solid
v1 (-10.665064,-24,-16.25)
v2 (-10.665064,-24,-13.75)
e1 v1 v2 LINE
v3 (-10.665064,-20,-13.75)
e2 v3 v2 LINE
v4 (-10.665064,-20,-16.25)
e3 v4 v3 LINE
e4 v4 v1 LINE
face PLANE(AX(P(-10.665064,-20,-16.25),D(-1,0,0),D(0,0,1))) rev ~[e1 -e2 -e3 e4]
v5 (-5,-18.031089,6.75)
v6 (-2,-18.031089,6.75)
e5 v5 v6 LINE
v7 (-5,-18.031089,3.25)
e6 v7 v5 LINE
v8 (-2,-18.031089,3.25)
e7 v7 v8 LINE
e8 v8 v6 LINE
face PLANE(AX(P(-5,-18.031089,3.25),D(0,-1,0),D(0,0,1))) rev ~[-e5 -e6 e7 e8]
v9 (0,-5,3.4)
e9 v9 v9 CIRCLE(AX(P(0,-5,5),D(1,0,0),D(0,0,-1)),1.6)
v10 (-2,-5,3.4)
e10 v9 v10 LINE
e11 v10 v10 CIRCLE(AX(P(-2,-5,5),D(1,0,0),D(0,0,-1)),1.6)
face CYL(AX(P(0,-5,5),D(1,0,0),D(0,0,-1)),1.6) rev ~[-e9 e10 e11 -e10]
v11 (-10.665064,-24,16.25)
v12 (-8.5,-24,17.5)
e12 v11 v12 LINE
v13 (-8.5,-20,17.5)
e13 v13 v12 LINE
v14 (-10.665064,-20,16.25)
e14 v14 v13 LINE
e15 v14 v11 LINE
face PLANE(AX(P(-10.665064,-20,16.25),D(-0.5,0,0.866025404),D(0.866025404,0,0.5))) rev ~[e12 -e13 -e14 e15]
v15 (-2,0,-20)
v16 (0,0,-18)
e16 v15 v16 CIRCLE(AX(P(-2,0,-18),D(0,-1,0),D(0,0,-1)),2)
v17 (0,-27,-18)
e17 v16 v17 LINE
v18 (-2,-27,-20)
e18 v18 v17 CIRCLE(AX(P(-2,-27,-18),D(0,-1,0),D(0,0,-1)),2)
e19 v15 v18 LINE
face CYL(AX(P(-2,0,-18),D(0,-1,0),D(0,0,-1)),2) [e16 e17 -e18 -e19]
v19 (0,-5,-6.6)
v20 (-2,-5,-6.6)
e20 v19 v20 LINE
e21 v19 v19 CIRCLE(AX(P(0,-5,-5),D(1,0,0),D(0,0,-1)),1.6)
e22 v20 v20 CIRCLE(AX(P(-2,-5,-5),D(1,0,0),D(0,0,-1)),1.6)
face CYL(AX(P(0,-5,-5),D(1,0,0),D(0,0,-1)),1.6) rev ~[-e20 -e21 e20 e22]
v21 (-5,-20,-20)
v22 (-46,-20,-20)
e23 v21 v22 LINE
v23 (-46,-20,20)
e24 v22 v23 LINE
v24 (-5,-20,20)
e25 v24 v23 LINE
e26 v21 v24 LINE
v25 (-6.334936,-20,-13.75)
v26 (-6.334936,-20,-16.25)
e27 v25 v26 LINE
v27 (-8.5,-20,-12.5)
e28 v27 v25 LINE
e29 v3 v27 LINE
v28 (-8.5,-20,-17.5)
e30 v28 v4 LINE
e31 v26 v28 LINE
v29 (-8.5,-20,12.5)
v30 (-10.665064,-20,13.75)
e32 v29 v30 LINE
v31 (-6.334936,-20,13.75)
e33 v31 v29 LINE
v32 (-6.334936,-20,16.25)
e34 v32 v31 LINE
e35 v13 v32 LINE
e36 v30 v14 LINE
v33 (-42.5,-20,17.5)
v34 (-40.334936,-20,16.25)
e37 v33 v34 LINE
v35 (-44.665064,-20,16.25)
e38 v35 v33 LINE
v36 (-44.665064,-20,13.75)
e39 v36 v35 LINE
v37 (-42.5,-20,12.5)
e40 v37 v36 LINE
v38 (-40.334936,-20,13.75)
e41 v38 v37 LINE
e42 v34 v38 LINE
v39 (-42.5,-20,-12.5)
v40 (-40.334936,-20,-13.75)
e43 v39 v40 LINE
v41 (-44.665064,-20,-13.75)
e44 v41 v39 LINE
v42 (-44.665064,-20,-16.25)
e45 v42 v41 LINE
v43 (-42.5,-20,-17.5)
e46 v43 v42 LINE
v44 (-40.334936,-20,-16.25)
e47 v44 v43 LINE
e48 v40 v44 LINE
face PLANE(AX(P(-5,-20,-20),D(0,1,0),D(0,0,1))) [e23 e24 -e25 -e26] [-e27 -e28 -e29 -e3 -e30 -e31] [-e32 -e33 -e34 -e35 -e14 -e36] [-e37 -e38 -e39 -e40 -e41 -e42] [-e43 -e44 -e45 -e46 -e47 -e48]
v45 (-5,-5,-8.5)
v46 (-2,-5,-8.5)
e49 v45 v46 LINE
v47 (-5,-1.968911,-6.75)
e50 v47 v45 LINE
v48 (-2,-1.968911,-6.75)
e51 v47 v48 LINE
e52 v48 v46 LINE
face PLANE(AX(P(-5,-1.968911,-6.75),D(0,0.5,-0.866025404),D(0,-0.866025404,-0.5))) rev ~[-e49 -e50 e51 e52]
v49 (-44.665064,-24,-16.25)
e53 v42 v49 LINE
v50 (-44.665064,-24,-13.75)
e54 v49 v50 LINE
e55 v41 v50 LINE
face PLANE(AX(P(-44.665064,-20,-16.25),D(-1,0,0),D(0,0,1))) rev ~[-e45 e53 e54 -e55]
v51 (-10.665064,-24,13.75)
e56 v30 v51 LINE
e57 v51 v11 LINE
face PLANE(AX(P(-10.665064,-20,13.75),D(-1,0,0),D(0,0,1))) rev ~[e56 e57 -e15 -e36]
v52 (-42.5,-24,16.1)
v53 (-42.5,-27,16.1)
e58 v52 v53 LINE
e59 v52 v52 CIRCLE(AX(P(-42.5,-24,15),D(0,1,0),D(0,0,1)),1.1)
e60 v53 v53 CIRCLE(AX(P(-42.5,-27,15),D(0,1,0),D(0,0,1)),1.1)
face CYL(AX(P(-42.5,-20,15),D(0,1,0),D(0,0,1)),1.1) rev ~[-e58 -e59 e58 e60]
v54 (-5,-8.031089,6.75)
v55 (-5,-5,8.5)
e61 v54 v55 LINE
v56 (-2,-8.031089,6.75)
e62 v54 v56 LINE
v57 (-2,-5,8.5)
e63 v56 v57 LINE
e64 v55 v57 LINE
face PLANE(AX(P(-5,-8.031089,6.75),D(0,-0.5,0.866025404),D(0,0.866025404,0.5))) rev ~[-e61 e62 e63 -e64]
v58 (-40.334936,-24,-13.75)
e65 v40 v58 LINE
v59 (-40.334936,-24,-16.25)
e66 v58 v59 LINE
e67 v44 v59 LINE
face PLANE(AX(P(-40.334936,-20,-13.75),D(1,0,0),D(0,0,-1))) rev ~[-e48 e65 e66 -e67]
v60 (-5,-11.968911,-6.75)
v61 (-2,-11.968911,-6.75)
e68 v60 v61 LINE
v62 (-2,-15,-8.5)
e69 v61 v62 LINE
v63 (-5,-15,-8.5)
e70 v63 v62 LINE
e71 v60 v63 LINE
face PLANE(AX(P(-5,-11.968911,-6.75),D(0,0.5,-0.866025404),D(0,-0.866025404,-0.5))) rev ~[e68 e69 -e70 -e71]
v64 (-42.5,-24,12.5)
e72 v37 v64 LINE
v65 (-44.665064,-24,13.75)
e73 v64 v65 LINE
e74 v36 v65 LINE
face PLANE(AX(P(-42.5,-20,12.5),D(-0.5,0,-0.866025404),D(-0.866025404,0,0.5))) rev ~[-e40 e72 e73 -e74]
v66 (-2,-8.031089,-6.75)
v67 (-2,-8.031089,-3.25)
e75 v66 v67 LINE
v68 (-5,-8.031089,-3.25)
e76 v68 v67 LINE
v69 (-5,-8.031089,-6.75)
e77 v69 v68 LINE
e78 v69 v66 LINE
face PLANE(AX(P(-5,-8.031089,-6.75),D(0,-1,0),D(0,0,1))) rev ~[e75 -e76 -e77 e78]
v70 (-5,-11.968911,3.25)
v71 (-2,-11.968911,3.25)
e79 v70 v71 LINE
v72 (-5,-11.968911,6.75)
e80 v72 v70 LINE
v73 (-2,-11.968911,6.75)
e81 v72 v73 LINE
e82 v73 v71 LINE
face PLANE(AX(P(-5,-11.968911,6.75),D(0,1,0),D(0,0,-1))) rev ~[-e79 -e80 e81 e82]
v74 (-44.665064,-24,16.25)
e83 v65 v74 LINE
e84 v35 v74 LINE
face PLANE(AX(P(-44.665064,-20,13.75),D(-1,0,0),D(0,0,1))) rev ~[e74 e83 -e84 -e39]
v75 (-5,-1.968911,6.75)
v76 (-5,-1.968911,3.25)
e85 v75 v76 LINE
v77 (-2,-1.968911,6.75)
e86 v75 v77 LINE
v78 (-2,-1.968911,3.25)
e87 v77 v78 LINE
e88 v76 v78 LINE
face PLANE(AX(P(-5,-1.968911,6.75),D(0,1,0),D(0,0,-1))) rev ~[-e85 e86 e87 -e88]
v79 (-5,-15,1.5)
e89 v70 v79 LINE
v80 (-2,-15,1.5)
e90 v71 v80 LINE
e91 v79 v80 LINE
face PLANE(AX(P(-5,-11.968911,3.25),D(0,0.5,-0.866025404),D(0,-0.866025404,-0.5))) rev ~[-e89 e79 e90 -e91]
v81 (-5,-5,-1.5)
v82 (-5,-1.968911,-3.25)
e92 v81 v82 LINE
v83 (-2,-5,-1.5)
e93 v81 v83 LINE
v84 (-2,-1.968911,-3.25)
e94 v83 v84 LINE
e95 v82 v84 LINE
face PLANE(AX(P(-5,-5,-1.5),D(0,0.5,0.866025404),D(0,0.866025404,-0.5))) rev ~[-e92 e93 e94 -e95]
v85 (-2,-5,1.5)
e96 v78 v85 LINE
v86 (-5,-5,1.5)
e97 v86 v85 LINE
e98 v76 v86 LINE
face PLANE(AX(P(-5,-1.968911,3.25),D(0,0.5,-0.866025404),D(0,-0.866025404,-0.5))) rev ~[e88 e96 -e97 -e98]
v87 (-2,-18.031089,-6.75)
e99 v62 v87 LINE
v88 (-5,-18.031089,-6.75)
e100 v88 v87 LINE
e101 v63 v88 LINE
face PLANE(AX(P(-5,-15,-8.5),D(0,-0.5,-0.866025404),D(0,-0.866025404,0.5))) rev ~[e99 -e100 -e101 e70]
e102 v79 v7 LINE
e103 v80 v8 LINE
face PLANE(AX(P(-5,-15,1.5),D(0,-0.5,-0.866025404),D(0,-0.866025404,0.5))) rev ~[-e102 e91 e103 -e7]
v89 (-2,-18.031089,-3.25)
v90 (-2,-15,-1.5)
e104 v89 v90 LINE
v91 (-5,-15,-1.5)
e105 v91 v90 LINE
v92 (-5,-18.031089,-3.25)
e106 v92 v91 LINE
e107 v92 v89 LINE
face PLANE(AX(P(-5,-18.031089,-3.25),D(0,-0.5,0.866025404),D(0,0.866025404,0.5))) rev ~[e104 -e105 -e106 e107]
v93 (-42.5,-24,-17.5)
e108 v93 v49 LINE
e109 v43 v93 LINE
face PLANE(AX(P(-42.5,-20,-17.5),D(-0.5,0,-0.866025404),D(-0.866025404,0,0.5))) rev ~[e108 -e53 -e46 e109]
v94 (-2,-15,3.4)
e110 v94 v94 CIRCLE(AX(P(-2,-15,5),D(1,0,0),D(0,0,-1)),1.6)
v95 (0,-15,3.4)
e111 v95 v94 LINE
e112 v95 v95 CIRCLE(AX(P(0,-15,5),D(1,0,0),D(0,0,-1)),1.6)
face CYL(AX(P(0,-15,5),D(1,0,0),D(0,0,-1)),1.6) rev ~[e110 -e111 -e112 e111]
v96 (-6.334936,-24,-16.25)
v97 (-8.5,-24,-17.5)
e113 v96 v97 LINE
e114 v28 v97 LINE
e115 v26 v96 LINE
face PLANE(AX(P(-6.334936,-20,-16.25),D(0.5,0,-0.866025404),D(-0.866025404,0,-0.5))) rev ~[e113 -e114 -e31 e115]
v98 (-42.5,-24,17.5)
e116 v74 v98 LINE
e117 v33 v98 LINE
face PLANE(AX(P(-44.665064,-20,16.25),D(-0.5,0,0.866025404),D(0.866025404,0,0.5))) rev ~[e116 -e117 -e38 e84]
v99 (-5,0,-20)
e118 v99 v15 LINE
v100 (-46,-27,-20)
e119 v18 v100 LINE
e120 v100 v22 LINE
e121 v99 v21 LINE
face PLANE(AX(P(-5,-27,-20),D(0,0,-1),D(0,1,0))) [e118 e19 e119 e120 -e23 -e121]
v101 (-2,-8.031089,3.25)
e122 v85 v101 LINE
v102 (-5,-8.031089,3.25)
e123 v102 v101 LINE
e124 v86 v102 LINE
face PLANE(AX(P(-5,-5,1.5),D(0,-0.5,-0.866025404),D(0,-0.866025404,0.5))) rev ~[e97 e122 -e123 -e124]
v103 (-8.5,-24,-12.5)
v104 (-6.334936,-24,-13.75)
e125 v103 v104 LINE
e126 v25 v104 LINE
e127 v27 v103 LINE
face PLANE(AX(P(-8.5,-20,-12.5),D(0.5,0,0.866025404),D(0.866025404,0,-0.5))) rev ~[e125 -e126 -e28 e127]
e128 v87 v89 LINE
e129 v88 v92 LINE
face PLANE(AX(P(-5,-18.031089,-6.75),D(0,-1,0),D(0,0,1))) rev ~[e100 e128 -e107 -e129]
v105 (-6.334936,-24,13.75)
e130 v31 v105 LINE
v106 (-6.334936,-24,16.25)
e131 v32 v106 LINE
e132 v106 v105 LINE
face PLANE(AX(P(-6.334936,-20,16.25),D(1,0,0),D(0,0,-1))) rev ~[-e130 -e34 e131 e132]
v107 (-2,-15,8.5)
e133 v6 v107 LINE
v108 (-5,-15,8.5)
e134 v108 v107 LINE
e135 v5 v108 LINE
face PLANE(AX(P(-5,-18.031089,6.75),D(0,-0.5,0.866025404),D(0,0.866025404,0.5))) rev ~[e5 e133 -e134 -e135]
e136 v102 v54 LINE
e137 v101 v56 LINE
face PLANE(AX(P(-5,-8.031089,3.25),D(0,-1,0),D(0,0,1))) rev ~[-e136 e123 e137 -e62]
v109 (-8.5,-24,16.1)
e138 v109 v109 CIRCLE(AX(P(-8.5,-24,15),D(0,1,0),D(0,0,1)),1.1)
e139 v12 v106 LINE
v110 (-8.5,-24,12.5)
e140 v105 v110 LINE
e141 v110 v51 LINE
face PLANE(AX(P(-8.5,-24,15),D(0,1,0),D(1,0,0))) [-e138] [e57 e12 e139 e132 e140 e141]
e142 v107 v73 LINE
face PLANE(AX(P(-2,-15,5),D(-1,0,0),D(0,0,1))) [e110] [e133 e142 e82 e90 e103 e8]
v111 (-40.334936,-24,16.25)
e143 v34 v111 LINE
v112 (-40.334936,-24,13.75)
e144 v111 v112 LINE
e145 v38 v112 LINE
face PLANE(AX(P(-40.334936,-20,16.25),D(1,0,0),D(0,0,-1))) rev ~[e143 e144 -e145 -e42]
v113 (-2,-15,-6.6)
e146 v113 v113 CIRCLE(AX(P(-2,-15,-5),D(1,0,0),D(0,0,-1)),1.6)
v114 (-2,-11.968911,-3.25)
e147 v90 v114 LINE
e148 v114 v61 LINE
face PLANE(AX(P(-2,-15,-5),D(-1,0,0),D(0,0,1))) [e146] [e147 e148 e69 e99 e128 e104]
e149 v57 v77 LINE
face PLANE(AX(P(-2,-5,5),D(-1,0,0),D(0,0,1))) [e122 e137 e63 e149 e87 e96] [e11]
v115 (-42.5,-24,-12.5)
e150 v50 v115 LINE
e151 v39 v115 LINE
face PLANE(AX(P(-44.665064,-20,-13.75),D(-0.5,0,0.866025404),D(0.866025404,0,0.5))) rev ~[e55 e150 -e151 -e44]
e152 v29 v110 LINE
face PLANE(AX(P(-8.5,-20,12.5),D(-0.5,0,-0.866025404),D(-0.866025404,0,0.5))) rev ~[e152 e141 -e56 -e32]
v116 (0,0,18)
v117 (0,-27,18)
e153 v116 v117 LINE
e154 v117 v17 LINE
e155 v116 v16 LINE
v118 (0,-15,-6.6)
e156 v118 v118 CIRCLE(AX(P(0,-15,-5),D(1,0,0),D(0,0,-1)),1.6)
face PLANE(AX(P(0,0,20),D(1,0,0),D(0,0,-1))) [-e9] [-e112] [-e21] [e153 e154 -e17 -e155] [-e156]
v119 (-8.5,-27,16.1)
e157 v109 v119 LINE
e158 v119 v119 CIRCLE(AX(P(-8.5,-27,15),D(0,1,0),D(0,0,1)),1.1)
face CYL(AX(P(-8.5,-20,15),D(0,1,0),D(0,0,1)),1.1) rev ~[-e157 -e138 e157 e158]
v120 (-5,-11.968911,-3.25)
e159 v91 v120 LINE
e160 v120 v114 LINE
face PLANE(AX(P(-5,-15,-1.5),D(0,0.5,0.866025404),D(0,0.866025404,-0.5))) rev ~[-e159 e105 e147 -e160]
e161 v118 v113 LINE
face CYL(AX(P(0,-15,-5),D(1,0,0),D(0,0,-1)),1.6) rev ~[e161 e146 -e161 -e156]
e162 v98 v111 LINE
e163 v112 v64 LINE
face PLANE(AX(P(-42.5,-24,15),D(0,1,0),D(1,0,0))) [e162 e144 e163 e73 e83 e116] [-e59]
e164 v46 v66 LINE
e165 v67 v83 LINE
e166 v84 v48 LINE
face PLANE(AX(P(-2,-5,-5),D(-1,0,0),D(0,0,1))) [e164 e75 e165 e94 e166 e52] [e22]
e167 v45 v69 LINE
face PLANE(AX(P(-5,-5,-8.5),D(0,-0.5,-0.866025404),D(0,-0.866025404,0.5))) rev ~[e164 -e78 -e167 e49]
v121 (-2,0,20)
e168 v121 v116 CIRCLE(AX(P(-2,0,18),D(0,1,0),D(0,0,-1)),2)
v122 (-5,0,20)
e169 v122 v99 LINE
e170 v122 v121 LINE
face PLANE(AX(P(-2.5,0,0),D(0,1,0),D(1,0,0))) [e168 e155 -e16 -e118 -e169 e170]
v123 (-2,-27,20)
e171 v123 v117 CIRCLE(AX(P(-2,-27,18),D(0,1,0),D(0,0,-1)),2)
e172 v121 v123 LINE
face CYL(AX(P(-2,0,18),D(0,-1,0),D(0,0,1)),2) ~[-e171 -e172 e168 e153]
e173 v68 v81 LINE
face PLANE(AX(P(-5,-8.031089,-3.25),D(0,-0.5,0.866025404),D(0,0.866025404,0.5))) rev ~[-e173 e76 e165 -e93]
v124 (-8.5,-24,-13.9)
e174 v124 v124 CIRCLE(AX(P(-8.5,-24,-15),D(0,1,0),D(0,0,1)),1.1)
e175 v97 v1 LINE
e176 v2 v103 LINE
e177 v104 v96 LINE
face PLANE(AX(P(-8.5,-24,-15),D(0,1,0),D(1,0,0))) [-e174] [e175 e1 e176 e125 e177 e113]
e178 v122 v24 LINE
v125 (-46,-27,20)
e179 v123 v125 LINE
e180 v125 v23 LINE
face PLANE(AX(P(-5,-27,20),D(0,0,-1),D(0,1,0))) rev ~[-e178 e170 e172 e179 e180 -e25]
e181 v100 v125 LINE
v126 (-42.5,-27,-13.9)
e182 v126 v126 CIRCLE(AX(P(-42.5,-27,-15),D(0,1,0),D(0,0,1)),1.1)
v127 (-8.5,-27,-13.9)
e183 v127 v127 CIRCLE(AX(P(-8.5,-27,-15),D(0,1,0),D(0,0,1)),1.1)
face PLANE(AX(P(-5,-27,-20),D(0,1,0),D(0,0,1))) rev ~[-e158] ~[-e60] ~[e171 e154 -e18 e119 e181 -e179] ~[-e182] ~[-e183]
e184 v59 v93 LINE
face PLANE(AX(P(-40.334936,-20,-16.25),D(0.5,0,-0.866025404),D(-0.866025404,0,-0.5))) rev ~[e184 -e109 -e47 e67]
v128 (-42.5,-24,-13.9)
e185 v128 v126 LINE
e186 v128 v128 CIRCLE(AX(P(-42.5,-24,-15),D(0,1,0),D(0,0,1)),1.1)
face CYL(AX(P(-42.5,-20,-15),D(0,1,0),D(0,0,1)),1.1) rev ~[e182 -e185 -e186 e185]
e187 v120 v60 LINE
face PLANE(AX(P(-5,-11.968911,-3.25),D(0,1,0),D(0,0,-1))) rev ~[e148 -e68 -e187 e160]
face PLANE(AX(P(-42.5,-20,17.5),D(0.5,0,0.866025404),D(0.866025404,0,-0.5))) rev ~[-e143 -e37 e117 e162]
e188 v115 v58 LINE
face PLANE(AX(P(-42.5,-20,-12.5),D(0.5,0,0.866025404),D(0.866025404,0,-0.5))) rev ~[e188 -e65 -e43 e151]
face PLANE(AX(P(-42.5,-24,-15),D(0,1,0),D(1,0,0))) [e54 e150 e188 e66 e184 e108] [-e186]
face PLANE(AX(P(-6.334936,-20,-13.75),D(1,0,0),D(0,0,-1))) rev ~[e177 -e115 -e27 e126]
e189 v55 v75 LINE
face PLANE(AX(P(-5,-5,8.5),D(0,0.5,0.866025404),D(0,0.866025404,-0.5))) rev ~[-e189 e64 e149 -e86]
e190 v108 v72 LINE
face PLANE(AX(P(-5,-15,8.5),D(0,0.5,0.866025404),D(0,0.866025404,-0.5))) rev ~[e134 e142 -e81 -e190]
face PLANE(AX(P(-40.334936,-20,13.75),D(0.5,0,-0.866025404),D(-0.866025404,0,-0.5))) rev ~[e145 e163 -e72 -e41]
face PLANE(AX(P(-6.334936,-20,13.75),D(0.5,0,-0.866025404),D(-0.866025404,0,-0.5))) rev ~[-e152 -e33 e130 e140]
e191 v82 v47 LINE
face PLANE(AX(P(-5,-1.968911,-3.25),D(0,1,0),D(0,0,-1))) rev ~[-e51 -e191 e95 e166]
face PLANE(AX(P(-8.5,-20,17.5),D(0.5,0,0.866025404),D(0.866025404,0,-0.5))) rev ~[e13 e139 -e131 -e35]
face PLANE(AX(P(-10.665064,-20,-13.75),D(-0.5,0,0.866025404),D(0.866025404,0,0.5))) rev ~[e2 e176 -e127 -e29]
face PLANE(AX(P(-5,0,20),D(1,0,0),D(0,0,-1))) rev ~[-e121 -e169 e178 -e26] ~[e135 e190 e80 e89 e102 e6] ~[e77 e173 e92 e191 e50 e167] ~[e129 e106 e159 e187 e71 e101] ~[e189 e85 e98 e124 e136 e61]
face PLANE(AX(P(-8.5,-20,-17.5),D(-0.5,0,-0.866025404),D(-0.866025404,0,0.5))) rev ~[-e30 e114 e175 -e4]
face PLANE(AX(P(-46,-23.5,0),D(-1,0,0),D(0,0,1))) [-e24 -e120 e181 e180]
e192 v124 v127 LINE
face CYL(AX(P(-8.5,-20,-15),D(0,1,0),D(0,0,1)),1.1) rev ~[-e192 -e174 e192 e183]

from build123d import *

# Parameters (mm, degrees)
ESQUISSE1_W             = 5
ESQUISSE1_H             = 40
BOSS_EXTRU_1_DEPTH      = 27
ESQUISSE2_W             = 40
ESQUISSE2_H             = 7
BOSS_EXTRU_2_DEPTH      = 41
CONG_1_R                = 2
ENL_V_MAT_EXTRU_1_REACH = 48
ESQUISSE4_R             = 1.6
ENL_V_MAT_EXTRU_3_DEPTH = 3
ESQUISSE9_R             = 1.1
ENL_V_MAT_EXTRU_5_DEPTH = 8
ENL_V_MAT_EXTRU_4_DEPTH = 4


with BuildPart() as part:
    # Esquisse1 → Boss.-Extru.1 (new body)
    with BuildSketch(Plane(origin=(0, 0, 0), x_dir=(1, 0, 0), z_dir=(0, 1, 0))):
        with Locations((-2.5, 0)):
            Rectangle(ESQUISSE1_W, ESQUISSE1_H)
    extrude(amount=-BOSS_EXTRU_1_DEPTH)

    # Esquisse2 → Boss.-Extru.2 (add)
    with BuildSketch(Plane.ZY.offset(5)):
        with Locations((0, -23.5)):
            Rectangle(ESQUISSE2_W, ESQUISSE2_H)
    extrude(amount=BOSS_EXTRU_2_DEPTH)

    # Congé1
    cong_1_edges = [part.edges().sort_by_distance(p)[0] for p in [
        (0, -13.5, 20),
        (0, -13.5, -20),
    ]]
    fillet(cong_1_edges, radius=CONG_1_R)

    # Esquisse4 → Enlèv. mat.-Extru.1 (cut, up to next)
    with BuildSketch(Plane(origin=(0, 0, 0), x_dir=(0, 0, -1), z_dir=(1, 0, 0)), mode=Mode.PRIVATE) as enl_v_mat_extru_1_sk1:
        with Locations((-5, -5)):
            Circle(ESQUISSE4_R)
    enl_v_mat_extru_1_tool1 = extrude(enl_v_mat_extru_1_sk1.sketch, amount=-ENL_V_MAT_EXTRU_1_REACH, mode=Mode.PRIVATE) & part.part
    add(enl_v_mat_extru_1_tool1.solids().sort_by_distance((0, -5, 5))[0], mode=Mode.SUBTRACT)
    # Esquisse4 → Enlèv. mat.-Extru.1 (cut, up to next)
    with BuildSketch(Plane(origin=(0, 0, 0), x_dir=(0, 0, -1), z_dir=(1, 0, 0)), mode=Mode.PRIVATE) as enl_v_mat_extru_1_sk2:
        with Locations((5, -5)):
            Circle(ESQUISSE4_R)
    enl_v_mat_extru_1_tool2 = extrude(enl_v_mat_extru_1_sk2.sketch, amount=-ENL_V_MAT_EXTRU_1_REACH, mode=Mode.PRIVATE) & part.part
    add(enl_v_mat_extru_1_tool2.solids().sort_by_distance((0, -5, -5))[0], mode=Mode.SUBTRACT)
    # Esquisse4 → Enlèv. mat.-Extru.1 (cut, up to next)
    with BuildSketch(Plane(origin=(0, 0, 0), x_dir=(0, 0, -1), z_dir=(1, 0, 0)), mode=Mode.PRIVATE) as enl_v_mat_extru_1_sk3:
        with Locations((-5, -15)):
            Circle(ESQUISSE4_R)
    enl_v_mat_extru_1_tool3 = extrude(enl_v_mat_extru_1_sk3.sketch, amount=-ENL_V_MAT_EXTRU_1_REACH, mode=Mode.PRIVATE) & part.part
    add(enl_v_mat_extru_1_tool3.solids().sort_by_distance((0, -15, 5))[0], mode=Mode.SUBTRACT)
    # Esquisse4 → Enlèv. mat.-Extru.1 (cut, up to next)
    with BuildSketch(Plane(origin=(0, 0, 0), x_dir=(0, 0, -1), z_dir=(1, 0, 0)), mode=Mode.PRIVATE) as enl_v_mat_extru_1_sk4:
        with Locations((5, -15)):
            Circle(ESQUISSE4_R)
    enl_v_mat_extru_1_tool4 = extrude(enl_v_mat_extru_1_sk4.sketch, amount=-ENL_V_MAT_EXTRU_1_REACH, mode=Mode.PRIVATE) & part.part
    add(enl_v_mat_extru_1_tool4.solids().sort_by_distance((0, -15, -5))[0], mode=Mode.SUBTRACT)

    # Esquisse7 → Enlèv. mat.-Extru.3 (cut)
    with BuildSketch(Plane.ZY.offset(5)):
        Polygon((-3.25, -8.031088913), (-1.5, -5), (-3.25, -1.968911087), (-6.75, -1.968911087), (-8.5, -5), (-6.75, -8.031088913), align=None)
        Polygon((3.25, -1.968911087), (1.5, -5), (3.25, -8.031088913), (6.75, -8.031088913), (8.5, -5), (6.75, -1.968911087), align=None)
        Polygon((-3.25, -18.031088913), (-1.5, -15), (-3.25, -11.968911087), (-6.75, -11.968911087), (-8.5, -15), (-6.75, -18.031088913), align=None)
        Polygon((8.5, -15), (6.75, -11.968911087), (3.25, -11.968911087), (1.5, -15), (3.25, -18.031088913), (6.75, -18.031088913), align=None)
    extrude(amount=-ENL_V_MAT_EXTRU_3_DEPTH, mode=Mode.SUBTRACT)

    # Esquisse9 → Enlèv. mat.-Extru.5 (cut, through all)
    with BuildSketch(Plane(origin=(0, -20, 0), x_dir=(1, 0, 0), z_dir=(0, 1, 0))):
        with Locations(Location((-8.5, 15, 0), (0, 0, 270))):  # turned: the seam where the file's is
            Circle(ESQUISSE9_R)
        with Locations(Location((-8.5, -15, 0), (0, 0, 270))):  # turned: the seam where the file's is
            Circle(ESQUISSE9_R)
        with Locations(Location((-42.5, -15, 0), (0, 0, 270))):  # turned: the seam where the file's is
            Circle(ESQUISSE9_R)
        with Locations(Location((-42.5, 15, 0), (0, 0, 270))):  # turned: the seam where the file's is
            Circle(ESQUISSE9_R)
    extrude(amount=-ENL_V_MAT_EXTRU_5_DEPTH, mode=Mode.SUBTRACT)

    # Esquisse8 → Enlèv. mat.-Extru.4 (cut)
    with BuildSketch(Plane(origin=(0, -20, 0), x_dir=(1, 0, 0), z_dir=(0, 1, 0))):
        Polygon((-10.665063509, 13.75), (-8.5, 12.5), (-6.334936491, 13.75), (-6.334936491, 16.25), (-8.5, 17.5), (-10.665063509, 16.25), align=None)
        Polygon((-10.665063509, -16.25), (-8.5, -17.5), (-6.334936491, -16.25), (-6.334936491, -13.75), (-8.5, -12.5), (-10.665063509, -13.75), align=None)
        Polygon((-44.665063509, -16.25), (-42.5, -17.5), (-40.334936491, -16.25), (-40.334936491, -13.75), (-42.5, -12.5), (-44.665063509, -13.75), align=None)
        Polygon((-42.5, 12.5), (-40.334936491, 13.75), (-40.334936491, 16.25), (-42.5, 17.5), (-44.665063509, 16.25), (-44.665063509, 13.75), align=None)
    extrude(amount=-ENL_V_MAT_EXTRU_4_DEPTH, mode=Mode.SUBTRACT)


solid = part.part
